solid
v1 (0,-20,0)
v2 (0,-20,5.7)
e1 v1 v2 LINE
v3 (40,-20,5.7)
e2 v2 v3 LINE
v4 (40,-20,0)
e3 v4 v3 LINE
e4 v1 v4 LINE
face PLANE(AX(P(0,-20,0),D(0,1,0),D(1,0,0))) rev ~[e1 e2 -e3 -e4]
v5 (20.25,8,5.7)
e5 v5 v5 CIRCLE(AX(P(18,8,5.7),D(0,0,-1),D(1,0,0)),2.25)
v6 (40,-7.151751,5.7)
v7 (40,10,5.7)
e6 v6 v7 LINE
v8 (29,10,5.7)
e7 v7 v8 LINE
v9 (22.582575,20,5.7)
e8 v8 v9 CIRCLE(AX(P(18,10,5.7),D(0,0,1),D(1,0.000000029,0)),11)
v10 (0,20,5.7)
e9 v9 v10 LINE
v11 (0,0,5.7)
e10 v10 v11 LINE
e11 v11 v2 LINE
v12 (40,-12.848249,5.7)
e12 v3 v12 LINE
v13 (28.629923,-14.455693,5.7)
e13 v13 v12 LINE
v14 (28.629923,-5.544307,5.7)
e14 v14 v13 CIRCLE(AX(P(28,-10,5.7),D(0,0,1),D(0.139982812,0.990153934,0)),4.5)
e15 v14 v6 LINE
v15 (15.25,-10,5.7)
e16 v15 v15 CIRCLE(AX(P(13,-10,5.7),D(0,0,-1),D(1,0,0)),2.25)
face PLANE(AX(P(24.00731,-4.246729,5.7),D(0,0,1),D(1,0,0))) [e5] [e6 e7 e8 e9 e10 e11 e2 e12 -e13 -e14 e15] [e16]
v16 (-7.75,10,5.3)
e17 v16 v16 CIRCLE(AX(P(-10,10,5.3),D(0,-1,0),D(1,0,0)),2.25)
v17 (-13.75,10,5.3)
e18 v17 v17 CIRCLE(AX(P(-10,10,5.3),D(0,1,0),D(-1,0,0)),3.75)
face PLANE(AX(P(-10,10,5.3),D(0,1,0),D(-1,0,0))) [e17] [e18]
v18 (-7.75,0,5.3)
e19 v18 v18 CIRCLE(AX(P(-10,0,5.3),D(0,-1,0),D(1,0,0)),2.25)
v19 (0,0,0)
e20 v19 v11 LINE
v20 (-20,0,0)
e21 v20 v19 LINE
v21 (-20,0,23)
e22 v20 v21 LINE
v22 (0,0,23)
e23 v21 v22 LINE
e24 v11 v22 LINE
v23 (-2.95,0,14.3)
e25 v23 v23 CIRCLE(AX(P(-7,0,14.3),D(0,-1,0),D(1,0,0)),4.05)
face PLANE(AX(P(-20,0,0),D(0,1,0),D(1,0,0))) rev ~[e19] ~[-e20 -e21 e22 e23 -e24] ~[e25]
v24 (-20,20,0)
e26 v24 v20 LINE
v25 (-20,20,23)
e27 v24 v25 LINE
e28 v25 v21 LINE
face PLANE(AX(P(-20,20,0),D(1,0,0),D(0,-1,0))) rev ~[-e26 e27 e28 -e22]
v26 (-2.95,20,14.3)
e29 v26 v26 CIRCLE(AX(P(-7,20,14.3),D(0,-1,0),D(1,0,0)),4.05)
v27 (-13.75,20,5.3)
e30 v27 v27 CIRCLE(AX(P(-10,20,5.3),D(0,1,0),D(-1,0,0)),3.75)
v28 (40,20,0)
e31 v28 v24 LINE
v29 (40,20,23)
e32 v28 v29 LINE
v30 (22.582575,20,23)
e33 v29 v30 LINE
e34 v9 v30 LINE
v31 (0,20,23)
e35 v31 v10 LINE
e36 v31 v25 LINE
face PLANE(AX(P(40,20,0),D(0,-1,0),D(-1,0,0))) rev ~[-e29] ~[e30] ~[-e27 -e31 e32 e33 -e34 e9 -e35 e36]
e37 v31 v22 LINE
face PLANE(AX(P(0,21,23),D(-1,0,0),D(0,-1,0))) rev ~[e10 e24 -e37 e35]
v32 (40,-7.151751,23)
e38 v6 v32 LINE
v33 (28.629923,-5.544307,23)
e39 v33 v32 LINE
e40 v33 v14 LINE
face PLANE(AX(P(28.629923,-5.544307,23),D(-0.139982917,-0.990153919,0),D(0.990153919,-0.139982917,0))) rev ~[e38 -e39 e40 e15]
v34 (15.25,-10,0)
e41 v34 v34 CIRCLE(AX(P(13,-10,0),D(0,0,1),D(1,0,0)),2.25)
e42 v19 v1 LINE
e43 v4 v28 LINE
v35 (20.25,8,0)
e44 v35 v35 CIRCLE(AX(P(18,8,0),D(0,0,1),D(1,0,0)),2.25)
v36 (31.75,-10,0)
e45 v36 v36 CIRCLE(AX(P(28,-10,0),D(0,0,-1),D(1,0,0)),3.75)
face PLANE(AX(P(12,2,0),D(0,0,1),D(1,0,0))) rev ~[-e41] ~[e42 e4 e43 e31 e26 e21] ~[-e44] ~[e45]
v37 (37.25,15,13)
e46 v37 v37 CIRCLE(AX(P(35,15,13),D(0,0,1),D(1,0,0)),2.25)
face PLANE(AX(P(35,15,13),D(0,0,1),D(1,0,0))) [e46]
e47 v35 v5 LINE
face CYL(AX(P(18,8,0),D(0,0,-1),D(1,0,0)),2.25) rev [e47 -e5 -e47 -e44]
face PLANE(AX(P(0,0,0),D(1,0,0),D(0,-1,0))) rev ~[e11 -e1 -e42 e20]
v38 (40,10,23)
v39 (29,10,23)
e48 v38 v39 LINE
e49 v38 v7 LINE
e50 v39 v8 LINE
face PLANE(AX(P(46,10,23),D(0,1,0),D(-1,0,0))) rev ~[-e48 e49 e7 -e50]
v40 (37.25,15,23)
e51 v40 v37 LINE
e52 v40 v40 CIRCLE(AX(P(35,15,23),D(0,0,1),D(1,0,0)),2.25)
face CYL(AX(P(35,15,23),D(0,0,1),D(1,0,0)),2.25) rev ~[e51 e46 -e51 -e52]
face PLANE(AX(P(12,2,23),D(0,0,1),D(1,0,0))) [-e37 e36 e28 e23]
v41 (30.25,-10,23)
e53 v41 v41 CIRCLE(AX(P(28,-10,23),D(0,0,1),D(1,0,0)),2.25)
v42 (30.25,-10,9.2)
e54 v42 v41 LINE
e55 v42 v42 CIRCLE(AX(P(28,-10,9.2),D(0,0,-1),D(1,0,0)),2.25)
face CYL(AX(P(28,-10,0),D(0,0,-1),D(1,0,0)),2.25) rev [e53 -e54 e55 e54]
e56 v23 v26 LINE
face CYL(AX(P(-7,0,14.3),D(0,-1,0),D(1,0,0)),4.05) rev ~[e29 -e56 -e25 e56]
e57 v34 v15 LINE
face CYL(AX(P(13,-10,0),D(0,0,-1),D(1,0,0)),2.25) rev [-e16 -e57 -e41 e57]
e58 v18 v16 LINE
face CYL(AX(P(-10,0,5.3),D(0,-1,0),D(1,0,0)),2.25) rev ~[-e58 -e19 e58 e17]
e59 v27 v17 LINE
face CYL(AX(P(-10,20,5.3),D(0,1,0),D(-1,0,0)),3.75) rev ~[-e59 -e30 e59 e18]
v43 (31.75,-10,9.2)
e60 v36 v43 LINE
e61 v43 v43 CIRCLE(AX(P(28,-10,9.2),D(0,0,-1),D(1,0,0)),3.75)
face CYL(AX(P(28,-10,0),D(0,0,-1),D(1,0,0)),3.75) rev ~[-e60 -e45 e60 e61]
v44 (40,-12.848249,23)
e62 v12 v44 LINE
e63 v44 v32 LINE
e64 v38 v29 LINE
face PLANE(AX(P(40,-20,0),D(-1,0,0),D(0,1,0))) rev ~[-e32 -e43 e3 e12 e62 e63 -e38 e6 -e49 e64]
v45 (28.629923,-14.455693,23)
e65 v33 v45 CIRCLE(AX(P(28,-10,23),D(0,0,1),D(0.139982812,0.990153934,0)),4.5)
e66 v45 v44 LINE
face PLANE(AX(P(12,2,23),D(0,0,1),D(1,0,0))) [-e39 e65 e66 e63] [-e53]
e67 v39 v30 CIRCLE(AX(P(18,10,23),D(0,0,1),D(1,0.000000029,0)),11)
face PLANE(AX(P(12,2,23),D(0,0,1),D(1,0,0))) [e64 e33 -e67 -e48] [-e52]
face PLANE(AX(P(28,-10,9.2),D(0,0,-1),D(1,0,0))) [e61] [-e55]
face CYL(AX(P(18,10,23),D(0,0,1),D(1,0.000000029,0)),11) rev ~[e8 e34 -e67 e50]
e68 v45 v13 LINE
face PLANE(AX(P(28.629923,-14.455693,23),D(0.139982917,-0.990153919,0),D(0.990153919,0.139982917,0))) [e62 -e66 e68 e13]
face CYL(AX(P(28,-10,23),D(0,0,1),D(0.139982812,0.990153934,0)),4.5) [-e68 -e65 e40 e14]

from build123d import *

# Parameters (mm, degrees)
SKETCH_R        = 2.25
PAD_DEPTH       = 23
POCKET_DEPTH    = 17.3
SKETCH002_R     = 4.05
SKETCH002_R_2   = 2.25
POCKET001_DEPTH = 20.001
SKETCH003_R     = 2.25
POCKET002_DEPTH = 10
SKETCH004_R     = 3.75
POCKET003_DEPTH = 10
SKETCH005_R     = 3.75
POCKET004_DEPTH = 9.2


with BuildPart() as part:
    # Sketch → Pad (new body)
    with BuildSketch(Plane.XY):
        Polygon((0, -20), (40, -20), (40, 20), (-20, 20), (-20, 0), (0, 0), align=None)
        with Locations((18, 8)):
            Circle(SKETCH_R, mode=Mode.SUBTRACT)
        with Locations((13, -10)):
            Circle(SKETCH_R, mode=Mode.SUBTRACT)
        with Locations((28, -10)):
            Circle(SKETCH_R, mode=Mode.SUBTRACT)
    extrude(amount=PAD_DEPTH)

    # Sketch001 → Pocket (cut)
    with BuildSketch(Plane.XY.offset(23)):
        with BuildLine():
            Line((46, 10), (29, 10))
            ThreePointArc((29, 10), (25.778159, 17.77819), (17.999956, 21))
            Line((17.999956, 21), (0, 21))
            Line((0, 21), (0, -23))
            Line((0, -23), (46, -23))
            Line((46, -23), (46, -12))
            Line((28.629923, -14.455693), (46, -12))
            ThreePointArc((28.629923, -5.544307), (23.5, -10), (28.629923, -14.455693))
            Line((28.629923, -5.544307), (46, -8))
            Line((46, -8), (46, 10))
        make_face()
    extrude(amount=-POCKET_DEPTH, mode=Mode.SUBTRACT)

    # Sketch002 → Pocket001 (cut, through all)
    with BuildSketch(Plane.XZ):
        with Locations((-7, 14.3)):
            Circle(SKETCH002_R)
        with Locations((-10, 5.3)):
            Circle(SKETCH002_R_2)
    extrude(amount=-POCKET001_DEPTH, mode=Mode.SUBTRACT)

    # Sketch003 → Pocket002 (cut)
    with BuildSketch(Plane.XY.offset(23)):
        with Locations((35, 15)):
            Circle(SKETCH003_R)
    extrude(amount=-POCKET002_DEPTH, mode=Mode.SUBTRACT)

    # Sketch004 → Pocket003 (cut)
    with BuildSketch(Plane(origin=(0, 20, 0), x_dir=(-1, 0, 0), z_dir=(0, 1, 0))):
        with Locations((10, 5.3)):
            Circle(SKETCH004_R)
    extrude(amount=-POCKET003_DEPTH, mode=Mode.SUBTRACT)

    # Sketch005 → Pocket004 (cut)
    with BuildSketch(Plane(origin=(0, 0, 0), x_dir=(1, 0, 0), z_dir=(0, 0, -1))):
        with Locations((28, 10)):
            Circle(SKETCH005_R)
    extrude(amount=-POCKET004_DEPTH, mode=Mode.SUBTRACT)


solid = part.part
